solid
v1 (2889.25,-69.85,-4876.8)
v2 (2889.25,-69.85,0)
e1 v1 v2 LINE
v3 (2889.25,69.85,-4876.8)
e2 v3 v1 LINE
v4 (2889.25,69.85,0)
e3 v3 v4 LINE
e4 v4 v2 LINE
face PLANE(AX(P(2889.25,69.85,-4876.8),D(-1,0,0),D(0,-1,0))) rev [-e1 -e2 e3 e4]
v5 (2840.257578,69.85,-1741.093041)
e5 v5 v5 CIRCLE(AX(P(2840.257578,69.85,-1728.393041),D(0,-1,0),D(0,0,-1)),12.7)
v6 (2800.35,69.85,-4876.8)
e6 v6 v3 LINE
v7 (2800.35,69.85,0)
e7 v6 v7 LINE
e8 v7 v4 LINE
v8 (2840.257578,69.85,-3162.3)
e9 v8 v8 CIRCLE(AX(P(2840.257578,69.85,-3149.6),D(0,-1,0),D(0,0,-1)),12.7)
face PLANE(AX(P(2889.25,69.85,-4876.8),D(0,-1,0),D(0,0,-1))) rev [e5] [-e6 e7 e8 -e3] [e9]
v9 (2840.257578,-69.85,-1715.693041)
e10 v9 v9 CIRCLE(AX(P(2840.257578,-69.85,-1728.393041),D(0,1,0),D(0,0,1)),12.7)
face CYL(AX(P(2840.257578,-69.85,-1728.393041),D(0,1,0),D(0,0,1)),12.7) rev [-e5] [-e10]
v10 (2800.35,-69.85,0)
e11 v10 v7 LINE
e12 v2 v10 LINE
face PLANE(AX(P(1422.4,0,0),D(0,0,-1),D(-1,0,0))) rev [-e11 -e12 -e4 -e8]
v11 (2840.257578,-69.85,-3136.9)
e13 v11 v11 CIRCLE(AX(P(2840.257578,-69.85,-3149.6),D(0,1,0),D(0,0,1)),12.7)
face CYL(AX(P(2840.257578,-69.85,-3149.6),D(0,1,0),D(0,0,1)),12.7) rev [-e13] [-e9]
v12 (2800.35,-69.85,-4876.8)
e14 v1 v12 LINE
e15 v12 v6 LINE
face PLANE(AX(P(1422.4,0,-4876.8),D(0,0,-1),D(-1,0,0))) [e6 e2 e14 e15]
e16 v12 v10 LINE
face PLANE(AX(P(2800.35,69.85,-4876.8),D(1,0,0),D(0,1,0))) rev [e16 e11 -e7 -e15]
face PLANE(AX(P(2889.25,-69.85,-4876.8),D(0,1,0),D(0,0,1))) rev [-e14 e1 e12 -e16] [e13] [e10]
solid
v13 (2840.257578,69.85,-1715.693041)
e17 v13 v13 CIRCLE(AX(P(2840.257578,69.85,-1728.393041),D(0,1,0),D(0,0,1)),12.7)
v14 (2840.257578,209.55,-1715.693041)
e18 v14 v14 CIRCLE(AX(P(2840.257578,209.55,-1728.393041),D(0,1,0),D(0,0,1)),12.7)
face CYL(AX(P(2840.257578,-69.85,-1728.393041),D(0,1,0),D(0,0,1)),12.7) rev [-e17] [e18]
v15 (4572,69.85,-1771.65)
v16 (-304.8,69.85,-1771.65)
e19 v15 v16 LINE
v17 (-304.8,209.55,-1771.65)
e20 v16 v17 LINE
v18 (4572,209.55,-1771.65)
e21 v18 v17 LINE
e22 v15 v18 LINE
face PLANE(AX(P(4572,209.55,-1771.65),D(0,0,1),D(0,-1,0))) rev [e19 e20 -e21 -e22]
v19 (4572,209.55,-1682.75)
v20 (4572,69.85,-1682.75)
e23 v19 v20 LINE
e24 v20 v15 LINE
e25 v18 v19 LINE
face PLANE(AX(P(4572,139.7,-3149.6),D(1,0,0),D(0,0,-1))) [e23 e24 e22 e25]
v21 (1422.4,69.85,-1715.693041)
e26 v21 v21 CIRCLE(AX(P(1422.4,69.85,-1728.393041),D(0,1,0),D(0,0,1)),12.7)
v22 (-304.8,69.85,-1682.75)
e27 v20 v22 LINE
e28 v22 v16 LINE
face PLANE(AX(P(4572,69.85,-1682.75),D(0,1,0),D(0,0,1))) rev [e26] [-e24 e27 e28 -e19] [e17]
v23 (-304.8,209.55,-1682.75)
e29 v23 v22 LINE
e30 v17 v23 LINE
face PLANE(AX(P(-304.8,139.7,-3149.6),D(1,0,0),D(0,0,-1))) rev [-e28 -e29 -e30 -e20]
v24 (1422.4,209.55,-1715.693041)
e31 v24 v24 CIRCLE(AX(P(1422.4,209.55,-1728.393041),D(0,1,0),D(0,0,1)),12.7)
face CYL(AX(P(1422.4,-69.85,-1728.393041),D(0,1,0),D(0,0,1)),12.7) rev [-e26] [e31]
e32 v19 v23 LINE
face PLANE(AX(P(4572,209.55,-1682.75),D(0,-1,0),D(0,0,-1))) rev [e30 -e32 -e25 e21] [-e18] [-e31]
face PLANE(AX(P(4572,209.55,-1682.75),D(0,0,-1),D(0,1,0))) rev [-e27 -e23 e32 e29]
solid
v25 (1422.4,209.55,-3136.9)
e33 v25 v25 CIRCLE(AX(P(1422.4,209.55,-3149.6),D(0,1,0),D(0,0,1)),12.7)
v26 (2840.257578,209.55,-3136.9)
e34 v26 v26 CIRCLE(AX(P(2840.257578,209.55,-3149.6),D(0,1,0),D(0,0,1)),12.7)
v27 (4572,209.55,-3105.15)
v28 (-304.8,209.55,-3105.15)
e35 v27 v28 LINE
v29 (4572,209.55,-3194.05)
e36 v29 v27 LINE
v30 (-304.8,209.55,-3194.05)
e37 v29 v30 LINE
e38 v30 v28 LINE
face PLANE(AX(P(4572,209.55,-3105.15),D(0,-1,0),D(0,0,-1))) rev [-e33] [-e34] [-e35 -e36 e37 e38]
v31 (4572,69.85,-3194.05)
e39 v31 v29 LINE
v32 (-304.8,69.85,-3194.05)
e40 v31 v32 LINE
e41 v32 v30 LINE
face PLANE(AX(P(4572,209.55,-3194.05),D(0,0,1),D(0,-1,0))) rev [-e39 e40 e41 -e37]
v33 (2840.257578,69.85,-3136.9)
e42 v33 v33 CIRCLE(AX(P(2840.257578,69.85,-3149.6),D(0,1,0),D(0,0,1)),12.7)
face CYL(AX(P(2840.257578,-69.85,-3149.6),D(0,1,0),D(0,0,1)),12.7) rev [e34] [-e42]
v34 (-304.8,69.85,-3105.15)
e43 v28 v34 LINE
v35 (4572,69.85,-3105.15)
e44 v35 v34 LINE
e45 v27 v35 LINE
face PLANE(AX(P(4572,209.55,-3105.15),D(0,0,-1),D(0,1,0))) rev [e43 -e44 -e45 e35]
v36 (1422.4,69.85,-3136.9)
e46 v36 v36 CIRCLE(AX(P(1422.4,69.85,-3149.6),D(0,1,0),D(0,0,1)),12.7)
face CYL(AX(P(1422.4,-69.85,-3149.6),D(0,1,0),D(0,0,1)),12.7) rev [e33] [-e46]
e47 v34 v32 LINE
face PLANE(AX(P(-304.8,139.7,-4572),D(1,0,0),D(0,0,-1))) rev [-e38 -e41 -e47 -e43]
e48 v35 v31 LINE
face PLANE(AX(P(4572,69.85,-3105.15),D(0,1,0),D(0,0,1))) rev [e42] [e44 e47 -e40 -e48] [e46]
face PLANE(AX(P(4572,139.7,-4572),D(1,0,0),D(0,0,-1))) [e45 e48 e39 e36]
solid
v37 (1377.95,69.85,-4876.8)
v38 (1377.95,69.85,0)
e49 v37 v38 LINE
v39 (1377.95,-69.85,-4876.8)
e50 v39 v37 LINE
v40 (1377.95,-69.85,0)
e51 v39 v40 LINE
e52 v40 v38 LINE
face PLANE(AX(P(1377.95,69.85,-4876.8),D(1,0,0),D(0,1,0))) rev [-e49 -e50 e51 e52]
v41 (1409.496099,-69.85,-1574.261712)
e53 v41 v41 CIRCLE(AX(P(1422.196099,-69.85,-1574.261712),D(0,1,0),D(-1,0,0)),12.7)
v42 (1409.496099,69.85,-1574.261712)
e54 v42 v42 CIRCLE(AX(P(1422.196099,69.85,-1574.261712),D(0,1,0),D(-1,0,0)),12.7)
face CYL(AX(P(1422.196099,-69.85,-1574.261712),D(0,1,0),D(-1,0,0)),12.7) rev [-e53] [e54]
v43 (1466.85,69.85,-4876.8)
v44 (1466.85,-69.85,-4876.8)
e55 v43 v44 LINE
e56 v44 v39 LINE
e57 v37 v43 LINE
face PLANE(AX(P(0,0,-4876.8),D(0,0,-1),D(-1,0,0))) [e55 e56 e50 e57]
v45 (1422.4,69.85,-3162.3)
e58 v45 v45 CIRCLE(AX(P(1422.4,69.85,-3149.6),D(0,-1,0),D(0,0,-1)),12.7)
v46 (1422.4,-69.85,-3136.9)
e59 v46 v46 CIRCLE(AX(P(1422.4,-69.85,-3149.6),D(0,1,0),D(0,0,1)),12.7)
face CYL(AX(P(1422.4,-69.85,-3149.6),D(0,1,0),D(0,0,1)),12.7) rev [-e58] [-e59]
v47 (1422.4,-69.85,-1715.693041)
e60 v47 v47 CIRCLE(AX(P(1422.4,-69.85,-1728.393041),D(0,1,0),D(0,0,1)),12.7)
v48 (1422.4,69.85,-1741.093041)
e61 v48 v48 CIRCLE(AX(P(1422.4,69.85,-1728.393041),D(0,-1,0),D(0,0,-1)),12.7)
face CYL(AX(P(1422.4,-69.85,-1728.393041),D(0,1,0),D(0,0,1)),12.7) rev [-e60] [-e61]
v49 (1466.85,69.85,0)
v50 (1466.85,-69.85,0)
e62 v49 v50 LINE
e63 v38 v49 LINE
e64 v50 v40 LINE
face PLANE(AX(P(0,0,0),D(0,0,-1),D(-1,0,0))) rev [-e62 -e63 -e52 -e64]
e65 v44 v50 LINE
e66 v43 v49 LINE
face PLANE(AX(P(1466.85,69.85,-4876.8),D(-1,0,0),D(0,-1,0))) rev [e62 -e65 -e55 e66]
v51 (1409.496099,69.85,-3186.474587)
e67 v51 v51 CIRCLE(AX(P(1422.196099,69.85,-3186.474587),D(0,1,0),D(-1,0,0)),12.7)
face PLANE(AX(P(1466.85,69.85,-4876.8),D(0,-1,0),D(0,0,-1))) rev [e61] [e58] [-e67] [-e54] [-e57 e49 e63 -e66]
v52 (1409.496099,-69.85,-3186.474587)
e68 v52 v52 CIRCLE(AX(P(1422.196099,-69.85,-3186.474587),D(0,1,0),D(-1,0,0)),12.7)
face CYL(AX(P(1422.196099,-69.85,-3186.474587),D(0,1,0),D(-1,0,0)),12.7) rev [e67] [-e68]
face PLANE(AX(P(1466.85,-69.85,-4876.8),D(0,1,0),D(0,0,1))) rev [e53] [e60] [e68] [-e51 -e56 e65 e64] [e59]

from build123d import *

# Parameters (mm, degrees)
SKETCH1_W              = 88.9
SKETCH1_H              = 139.7
PROFILES_4X6_1_DEPTH   = 4876.8
SKETCH1_ON_SEGMENT_2_W = 88.9
SKETCH1_ON_SEGMENT_2_H = 139.7
PROFILES_4X6_1_2_DEPTH = 4876.8
SKETCH1_ON_SEGMENT_3_W = 88.9
SKETCH1_ON_SEGMENT_3_H = 139.7
PROFILES_4X6_1_3_DEPTH = 4876.8
SKETCH1_ON_SEGMENT_4_W = 88.9
SKETCH1_ON_SEGMENT_4_H = 139.7
PROFILES_4X6_1_4_DEPTH = 4876.8
SKETCH13_R             = 12.7
CUT_EXTRUDE1_DEPTH     = 6691.622287949
SKETCH15_R             = 12.7
CUT_EXTRUDE5_DEPTH     = 6687.245458402


with BuildPart() as part:
    # Sketch1 → Profiles 4X6(1) (new body)
    with BuildSketch(Plane(origin=(1422.4, 0, 0), x_dir=(-1, 0, 0), z_dir=(0, 0, -1))):
        Rectangle(SKETCH1_W, SKETCH1_H)
    extrude(amount=PROFILES_4X6_1_DEPTH)


with BuildPart() as body_2:
    # Sketch1 on segment 2 (carried to segment 2) → Profiles 4X6_1 2 (new body)
    with BuildSketch(Plane(origin=(2844.8, 0, 0), x_dir=(-1, 0, 0), z_dir=(0, 0, -1))):
        Rectangle(SKETCH1_ON_SEGMENT_2_W, SKETCH1_ON_SEGMENT_2_H)
    extrude(amount=PROFILES_4X6_1_2_DEPTH)


with BuildPart() as body_3:
    # Sketch1 on segment 3 (carried to segment 3) → Profiles 4X6_1 3 (new body)
    with BuildSketch(Plane(origin=(-304.8, 139.7, -3149.6), x_dir=(0, 0, -1), z_dir=(1, 0, 0))):
        Rectangle(SKETCH1_ON_SEGMENT_3_W, SKETCH1_ON_SEGMENT_3_H)
    extrude(amount=PROFILES_4X6_1_3_DEPTH)


with BuildPart() as body_4:
    # Sketch1 on segment 4 (carried to segment 4) → Profiles 4X6_1 4 (new body)
    with BuildSketch(Plane(origin=(4572, 139.7, -1727.2), x_dir=(0, 0, 1), z_dir=(-1, 0, 0))):
        Rectangle(SKETCH1_ON_SEGMENT_4_W, SKETCH1_ON_SEGMENT_4_H)
    extrude(amount=PROFILES_4X6_1_4_DEPTH)


with BuildPart() as cut_extrude1_tool:
    # Sketch13 → Cut-Extrude1 (new, through all)
    with BuildSketch(Plane(origin=(0, 209.55, 0), x_dir=(1, 0, 0), z_dir=(0, 1, 0))):
        with Locations(Location((1422.4, 3149.6, 0), (0, 0, 270))):
            Circle(SKETCH13_R)
        with Locations(Location((2840.257577537, 3149.6, 0), (0, 0, 270))):
            Circle(SKETCH13_R)
        with Locations(Location((1422.4, 1728.393041163, 0), (0, 0, 270))):
            Circle(SKETCH13_R)
        with Locations(Location((2840.257577537, 1728.393041163, 0), (0, 0, 270))):
            Circle(SKETCH13_R)
    extrude(amount=-CUT_EXTRUDE1_DEPTH)


with BuildPart() as part_1:
    add(part.part)

    # Cut-Extrude1: cut by cut_extrude1_tool
    add(cut_extrude1_tool.part, mode=Mode.SUBTRACT)

    # Sketch15 → Cut-Extrude5 (cut, through all)
    with BuildSketch(Plane(origin=(0, 69.85, 0), x_dir=(1, 0, 0), z_dir=(0, 1, 0))):
        with Locations(Location((1422.19609917, 1574.261712408, 0), (0, 0, 180))):
            Circle(SKETCH15_R)
        with Locations(Location((1422.19609917, 3186.474586948, 0), (0, 0, 180))):
            Circle(SKETCH15_R)
    extrude(amount=-CUT_EXTRUDE5_DEPTH, mode=Mode.SUBTRACT)


with BuildPart() as body_2_1:
    add(body_2.part)

    # Cut-Extrude1: cut by cut_extrude1_tool
    add(cut_extrude1_tool.part, mode=Mode.SUBTRACT)


with BuildPart() as body_3_1:
    add(body_3.part)

    # Cut-Extrude1: cut by cut_extrude1_tool
    add(cut_extrude1_tool.part, mode=Mode.SUBTRACT)


with BuildPart() as body_4_1:
    add(body_4.part)

    # Cut-Extrude1: cut by cut_extrude1_tool
    add(cut_extrude1_tool.part, mode=Mode.SUBTRACT)


solid = Compound([part_1.part, body_2_1.part, body_3_1.part, body_4_1.part])
